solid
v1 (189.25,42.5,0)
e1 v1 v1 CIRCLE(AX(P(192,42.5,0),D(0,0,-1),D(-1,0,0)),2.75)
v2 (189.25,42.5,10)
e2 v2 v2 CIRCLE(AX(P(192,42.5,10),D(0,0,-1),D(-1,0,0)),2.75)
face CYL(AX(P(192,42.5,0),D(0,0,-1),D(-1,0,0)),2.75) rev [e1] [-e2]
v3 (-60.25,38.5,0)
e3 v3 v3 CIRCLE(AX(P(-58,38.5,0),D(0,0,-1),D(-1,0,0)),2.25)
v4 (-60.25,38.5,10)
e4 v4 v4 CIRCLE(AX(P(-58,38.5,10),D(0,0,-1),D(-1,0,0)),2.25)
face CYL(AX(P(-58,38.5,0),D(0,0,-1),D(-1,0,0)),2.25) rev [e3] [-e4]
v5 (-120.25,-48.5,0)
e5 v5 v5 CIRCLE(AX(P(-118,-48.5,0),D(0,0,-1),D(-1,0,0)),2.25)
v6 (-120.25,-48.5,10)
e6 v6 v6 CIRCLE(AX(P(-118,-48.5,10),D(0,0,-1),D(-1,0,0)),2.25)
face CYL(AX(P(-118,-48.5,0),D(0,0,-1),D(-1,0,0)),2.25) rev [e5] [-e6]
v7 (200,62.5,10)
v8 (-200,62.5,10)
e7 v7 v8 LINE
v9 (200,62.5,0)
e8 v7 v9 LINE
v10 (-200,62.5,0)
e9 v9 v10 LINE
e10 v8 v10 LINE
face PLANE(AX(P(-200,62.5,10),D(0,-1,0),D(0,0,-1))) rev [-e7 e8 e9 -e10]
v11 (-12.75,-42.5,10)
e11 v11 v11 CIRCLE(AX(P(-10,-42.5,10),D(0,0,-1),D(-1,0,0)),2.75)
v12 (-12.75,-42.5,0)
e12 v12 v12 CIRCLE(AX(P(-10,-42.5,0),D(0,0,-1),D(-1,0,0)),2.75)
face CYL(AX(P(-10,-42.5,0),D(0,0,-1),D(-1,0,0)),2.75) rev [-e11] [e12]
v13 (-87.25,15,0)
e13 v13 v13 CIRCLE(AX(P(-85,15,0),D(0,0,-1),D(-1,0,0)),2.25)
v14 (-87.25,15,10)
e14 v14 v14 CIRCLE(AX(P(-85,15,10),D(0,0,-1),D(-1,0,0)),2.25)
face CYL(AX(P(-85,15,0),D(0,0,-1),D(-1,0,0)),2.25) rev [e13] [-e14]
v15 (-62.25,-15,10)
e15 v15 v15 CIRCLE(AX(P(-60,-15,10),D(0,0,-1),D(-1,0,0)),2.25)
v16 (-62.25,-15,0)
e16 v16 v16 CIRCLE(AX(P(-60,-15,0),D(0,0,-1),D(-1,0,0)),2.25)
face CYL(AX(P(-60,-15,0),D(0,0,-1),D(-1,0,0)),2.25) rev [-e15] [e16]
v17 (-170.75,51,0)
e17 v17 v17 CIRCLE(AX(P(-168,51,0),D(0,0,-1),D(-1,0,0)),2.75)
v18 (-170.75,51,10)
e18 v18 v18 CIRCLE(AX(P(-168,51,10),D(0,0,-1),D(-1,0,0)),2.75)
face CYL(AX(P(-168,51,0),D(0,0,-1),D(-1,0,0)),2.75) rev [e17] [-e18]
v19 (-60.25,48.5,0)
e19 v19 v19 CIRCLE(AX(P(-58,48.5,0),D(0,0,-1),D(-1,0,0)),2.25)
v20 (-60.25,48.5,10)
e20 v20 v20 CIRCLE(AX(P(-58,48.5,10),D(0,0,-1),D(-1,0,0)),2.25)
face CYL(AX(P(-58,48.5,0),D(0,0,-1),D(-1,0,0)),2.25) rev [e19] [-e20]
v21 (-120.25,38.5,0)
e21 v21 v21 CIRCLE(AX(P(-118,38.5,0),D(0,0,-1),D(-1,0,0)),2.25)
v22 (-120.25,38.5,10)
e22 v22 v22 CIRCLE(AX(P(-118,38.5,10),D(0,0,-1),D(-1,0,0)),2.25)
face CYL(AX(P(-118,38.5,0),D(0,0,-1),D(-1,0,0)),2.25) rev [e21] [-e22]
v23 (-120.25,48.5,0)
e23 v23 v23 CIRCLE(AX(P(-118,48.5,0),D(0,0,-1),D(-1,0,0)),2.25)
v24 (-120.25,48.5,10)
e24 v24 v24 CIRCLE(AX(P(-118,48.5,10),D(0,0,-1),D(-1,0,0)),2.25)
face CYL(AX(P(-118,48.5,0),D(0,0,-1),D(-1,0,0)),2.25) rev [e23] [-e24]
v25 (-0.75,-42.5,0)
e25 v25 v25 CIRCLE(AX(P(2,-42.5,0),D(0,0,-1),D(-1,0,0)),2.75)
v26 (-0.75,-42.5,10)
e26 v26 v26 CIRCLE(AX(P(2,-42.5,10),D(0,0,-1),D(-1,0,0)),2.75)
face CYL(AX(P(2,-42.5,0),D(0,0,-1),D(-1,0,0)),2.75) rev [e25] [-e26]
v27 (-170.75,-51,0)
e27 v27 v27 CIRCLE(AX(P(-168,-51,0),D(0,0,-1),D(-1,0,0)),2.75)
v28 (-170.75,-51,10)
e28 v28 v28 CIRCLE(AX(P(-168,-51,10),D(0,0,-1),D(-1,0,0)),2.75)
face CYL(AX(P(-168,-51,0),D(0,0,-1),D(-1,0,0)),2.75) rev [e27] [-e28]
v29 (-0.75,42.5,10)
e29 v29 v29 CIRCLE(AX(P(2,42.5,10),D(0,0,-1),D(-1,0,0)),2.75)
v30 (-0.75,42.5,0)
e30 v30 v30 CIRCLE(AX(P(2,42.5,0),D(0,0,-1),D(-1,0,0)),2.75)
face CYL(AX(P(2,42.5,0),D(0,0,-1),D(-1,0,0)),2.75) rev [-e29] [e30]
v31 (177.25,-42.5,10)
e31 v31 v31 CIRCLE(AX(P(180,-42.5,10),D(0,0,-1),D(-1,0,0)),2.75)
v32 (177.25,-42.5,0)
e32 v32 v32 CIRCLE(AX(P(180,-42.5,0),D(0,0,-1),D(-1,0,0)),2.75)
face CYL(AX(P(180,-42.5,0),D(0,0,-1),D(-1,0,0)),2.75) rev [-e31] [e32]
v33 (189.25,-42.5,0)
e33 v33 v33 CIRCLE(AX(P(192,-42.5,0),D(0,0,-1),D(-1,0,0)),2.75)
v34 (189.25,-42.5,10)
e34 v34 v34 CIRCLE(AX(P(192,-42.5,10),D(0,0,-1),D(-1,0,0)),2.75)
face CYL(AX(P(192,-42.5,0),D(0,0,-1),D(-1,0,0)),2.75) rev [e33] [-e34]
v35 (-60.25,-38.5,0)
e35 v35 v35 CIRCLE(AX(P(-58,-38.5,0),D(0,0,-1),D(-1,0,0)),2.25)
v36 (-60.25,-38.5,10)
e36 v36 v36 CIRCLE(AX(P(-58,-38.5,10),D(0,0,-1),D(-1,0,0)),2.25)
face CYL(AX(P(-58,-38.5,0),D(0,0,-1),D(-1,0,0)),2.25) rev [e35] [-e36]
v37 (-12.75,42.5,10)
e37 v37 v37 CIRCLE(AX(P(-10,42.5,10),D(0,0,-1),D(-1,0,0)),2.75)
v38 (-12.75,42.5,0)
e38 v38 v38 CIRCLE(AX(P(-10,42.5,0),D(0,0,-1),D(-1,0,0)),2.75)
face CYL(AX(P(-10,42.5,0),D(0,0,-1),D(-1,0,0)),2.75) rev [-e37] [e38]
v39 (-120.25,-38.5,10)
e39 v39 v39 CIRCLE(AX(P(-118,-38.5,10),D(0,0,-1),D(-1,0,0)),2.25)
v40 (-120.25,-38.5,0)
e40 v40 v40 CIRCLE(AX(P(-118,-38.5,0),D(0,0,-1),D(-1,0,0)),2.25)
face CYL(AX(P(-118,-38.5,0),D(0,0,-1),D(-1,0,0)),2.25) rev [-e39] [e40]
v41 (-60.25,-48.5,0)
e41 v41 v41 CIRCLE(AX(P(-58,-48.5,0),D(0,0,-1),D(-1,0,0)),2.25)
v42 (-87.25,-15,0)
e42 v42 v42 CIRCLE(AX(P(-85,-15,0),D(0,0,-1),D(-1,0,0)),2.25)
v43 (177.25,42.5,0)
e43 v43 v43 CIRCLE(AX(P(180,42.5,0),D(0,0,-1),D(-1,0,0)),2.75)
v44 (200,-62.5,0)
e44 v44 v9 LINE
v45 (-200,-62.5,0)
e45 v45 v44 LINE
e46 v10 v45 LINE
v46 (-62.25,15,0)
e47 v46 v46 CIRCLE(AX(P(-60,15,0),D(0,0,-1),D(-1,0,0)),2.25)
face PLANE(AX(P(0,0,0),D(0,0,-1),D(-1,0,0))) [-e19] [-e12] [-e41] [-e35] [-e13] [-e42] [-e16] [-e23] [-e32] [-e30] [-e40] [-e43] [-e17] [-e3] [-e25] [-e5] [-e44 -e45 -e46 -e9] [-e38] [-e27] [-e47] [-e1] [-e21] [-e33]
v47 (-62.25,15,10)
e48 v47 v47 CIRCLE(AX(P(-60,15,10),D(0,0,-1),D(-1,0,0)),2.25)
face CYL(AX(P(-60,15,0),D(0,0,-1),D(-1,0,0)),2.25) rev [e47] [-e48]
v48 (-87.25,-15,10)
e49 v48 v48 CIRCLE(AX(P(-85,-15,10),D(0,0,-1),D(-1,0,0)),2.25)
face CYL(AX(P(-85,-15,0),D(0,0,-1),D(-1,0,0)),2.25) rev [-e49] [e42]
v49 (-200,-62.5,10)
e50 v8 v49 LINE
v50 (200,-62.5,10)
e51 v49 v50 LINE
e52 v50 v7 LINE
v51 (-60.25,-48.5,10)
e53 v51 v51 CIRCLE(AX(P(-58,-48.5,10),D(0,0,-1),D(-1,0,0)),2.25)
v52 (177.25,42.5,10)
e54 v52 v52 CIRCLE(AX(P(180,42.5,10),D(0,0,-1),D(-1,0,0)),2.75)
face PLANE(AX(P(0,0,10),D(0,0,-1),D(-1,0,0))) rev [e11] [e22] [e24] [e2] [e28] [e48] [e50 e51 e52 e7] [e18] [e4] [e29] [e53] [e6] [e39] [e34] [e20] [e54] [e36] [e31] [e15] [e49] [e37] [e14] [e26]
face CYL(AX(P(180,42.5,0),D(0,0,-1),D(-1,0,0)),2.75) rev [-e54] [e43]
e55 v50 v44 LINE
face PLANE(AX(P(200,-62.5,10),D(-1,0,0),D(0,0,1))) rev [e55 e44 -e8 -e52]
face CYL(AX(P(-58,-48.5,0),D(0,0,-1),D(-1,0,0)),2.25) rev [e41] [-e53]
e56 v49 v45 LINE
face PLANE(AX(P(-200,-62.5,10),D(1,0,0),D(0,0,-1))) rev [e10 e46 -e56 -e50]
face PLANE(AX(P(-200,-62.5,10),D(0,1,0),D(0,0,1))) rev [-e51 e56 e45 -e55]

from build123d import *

# Parameters (mm, degrees)
SKETCH1_W                    = 400
SKETCH1_H                    = 125
BOSS_EXTRUDE1_DEPTH          = 10
TALADRO_DE_MARGEN_PARA_M51_D = 5.5
TALADRO_DE_MARGEN_PARA_M41_D = 4.5


with BuildPart() as part:
    # Sketch1 → Boss-Extrude1 (new body)
    with BuildSketch(Plane.XY):
        Rectangle(SKETCH1_W, SKETCH1_H)
    extrude(amount=BOSS_EXTRUDE1_DEPTH)

    # Taladro de margen para M51 (through all)
    with Locations(Plane(origin=(0, 0, 0), x_dir=(-1, 0, 0), z_dir=(0, 0, -1))):
        with Locations((-192, 42.5), (-180, 42.5), (-192, -42.5), (-180, -42.5), (-2, 42.5), (10, 42.5), (-2, -42.5), (10, -42.5), (168, 51), (168, -51)):
            Hole(TALADRO_DE_MARGEN_PARA_M51_D / 2)

    # Taladro de margen para M41 (through all)
    with Locations(Plane(origin=(0, 0, 0), x_dir=(-1, 0, 0), z_dir=(0, 0, -1))):
        with Locations((58, 38.5), (118, 38.5), (118, -38.5), (58, -38.5), (60, -15), (85, -15), (85, 15), (60, 15), (58, -48.5), (118, -48.5), (58, 48.5), (118, 48.5)):
            Hole(TALADRO_DE_MARGEN_PARA_M41_D / 2)


solid = part.part
